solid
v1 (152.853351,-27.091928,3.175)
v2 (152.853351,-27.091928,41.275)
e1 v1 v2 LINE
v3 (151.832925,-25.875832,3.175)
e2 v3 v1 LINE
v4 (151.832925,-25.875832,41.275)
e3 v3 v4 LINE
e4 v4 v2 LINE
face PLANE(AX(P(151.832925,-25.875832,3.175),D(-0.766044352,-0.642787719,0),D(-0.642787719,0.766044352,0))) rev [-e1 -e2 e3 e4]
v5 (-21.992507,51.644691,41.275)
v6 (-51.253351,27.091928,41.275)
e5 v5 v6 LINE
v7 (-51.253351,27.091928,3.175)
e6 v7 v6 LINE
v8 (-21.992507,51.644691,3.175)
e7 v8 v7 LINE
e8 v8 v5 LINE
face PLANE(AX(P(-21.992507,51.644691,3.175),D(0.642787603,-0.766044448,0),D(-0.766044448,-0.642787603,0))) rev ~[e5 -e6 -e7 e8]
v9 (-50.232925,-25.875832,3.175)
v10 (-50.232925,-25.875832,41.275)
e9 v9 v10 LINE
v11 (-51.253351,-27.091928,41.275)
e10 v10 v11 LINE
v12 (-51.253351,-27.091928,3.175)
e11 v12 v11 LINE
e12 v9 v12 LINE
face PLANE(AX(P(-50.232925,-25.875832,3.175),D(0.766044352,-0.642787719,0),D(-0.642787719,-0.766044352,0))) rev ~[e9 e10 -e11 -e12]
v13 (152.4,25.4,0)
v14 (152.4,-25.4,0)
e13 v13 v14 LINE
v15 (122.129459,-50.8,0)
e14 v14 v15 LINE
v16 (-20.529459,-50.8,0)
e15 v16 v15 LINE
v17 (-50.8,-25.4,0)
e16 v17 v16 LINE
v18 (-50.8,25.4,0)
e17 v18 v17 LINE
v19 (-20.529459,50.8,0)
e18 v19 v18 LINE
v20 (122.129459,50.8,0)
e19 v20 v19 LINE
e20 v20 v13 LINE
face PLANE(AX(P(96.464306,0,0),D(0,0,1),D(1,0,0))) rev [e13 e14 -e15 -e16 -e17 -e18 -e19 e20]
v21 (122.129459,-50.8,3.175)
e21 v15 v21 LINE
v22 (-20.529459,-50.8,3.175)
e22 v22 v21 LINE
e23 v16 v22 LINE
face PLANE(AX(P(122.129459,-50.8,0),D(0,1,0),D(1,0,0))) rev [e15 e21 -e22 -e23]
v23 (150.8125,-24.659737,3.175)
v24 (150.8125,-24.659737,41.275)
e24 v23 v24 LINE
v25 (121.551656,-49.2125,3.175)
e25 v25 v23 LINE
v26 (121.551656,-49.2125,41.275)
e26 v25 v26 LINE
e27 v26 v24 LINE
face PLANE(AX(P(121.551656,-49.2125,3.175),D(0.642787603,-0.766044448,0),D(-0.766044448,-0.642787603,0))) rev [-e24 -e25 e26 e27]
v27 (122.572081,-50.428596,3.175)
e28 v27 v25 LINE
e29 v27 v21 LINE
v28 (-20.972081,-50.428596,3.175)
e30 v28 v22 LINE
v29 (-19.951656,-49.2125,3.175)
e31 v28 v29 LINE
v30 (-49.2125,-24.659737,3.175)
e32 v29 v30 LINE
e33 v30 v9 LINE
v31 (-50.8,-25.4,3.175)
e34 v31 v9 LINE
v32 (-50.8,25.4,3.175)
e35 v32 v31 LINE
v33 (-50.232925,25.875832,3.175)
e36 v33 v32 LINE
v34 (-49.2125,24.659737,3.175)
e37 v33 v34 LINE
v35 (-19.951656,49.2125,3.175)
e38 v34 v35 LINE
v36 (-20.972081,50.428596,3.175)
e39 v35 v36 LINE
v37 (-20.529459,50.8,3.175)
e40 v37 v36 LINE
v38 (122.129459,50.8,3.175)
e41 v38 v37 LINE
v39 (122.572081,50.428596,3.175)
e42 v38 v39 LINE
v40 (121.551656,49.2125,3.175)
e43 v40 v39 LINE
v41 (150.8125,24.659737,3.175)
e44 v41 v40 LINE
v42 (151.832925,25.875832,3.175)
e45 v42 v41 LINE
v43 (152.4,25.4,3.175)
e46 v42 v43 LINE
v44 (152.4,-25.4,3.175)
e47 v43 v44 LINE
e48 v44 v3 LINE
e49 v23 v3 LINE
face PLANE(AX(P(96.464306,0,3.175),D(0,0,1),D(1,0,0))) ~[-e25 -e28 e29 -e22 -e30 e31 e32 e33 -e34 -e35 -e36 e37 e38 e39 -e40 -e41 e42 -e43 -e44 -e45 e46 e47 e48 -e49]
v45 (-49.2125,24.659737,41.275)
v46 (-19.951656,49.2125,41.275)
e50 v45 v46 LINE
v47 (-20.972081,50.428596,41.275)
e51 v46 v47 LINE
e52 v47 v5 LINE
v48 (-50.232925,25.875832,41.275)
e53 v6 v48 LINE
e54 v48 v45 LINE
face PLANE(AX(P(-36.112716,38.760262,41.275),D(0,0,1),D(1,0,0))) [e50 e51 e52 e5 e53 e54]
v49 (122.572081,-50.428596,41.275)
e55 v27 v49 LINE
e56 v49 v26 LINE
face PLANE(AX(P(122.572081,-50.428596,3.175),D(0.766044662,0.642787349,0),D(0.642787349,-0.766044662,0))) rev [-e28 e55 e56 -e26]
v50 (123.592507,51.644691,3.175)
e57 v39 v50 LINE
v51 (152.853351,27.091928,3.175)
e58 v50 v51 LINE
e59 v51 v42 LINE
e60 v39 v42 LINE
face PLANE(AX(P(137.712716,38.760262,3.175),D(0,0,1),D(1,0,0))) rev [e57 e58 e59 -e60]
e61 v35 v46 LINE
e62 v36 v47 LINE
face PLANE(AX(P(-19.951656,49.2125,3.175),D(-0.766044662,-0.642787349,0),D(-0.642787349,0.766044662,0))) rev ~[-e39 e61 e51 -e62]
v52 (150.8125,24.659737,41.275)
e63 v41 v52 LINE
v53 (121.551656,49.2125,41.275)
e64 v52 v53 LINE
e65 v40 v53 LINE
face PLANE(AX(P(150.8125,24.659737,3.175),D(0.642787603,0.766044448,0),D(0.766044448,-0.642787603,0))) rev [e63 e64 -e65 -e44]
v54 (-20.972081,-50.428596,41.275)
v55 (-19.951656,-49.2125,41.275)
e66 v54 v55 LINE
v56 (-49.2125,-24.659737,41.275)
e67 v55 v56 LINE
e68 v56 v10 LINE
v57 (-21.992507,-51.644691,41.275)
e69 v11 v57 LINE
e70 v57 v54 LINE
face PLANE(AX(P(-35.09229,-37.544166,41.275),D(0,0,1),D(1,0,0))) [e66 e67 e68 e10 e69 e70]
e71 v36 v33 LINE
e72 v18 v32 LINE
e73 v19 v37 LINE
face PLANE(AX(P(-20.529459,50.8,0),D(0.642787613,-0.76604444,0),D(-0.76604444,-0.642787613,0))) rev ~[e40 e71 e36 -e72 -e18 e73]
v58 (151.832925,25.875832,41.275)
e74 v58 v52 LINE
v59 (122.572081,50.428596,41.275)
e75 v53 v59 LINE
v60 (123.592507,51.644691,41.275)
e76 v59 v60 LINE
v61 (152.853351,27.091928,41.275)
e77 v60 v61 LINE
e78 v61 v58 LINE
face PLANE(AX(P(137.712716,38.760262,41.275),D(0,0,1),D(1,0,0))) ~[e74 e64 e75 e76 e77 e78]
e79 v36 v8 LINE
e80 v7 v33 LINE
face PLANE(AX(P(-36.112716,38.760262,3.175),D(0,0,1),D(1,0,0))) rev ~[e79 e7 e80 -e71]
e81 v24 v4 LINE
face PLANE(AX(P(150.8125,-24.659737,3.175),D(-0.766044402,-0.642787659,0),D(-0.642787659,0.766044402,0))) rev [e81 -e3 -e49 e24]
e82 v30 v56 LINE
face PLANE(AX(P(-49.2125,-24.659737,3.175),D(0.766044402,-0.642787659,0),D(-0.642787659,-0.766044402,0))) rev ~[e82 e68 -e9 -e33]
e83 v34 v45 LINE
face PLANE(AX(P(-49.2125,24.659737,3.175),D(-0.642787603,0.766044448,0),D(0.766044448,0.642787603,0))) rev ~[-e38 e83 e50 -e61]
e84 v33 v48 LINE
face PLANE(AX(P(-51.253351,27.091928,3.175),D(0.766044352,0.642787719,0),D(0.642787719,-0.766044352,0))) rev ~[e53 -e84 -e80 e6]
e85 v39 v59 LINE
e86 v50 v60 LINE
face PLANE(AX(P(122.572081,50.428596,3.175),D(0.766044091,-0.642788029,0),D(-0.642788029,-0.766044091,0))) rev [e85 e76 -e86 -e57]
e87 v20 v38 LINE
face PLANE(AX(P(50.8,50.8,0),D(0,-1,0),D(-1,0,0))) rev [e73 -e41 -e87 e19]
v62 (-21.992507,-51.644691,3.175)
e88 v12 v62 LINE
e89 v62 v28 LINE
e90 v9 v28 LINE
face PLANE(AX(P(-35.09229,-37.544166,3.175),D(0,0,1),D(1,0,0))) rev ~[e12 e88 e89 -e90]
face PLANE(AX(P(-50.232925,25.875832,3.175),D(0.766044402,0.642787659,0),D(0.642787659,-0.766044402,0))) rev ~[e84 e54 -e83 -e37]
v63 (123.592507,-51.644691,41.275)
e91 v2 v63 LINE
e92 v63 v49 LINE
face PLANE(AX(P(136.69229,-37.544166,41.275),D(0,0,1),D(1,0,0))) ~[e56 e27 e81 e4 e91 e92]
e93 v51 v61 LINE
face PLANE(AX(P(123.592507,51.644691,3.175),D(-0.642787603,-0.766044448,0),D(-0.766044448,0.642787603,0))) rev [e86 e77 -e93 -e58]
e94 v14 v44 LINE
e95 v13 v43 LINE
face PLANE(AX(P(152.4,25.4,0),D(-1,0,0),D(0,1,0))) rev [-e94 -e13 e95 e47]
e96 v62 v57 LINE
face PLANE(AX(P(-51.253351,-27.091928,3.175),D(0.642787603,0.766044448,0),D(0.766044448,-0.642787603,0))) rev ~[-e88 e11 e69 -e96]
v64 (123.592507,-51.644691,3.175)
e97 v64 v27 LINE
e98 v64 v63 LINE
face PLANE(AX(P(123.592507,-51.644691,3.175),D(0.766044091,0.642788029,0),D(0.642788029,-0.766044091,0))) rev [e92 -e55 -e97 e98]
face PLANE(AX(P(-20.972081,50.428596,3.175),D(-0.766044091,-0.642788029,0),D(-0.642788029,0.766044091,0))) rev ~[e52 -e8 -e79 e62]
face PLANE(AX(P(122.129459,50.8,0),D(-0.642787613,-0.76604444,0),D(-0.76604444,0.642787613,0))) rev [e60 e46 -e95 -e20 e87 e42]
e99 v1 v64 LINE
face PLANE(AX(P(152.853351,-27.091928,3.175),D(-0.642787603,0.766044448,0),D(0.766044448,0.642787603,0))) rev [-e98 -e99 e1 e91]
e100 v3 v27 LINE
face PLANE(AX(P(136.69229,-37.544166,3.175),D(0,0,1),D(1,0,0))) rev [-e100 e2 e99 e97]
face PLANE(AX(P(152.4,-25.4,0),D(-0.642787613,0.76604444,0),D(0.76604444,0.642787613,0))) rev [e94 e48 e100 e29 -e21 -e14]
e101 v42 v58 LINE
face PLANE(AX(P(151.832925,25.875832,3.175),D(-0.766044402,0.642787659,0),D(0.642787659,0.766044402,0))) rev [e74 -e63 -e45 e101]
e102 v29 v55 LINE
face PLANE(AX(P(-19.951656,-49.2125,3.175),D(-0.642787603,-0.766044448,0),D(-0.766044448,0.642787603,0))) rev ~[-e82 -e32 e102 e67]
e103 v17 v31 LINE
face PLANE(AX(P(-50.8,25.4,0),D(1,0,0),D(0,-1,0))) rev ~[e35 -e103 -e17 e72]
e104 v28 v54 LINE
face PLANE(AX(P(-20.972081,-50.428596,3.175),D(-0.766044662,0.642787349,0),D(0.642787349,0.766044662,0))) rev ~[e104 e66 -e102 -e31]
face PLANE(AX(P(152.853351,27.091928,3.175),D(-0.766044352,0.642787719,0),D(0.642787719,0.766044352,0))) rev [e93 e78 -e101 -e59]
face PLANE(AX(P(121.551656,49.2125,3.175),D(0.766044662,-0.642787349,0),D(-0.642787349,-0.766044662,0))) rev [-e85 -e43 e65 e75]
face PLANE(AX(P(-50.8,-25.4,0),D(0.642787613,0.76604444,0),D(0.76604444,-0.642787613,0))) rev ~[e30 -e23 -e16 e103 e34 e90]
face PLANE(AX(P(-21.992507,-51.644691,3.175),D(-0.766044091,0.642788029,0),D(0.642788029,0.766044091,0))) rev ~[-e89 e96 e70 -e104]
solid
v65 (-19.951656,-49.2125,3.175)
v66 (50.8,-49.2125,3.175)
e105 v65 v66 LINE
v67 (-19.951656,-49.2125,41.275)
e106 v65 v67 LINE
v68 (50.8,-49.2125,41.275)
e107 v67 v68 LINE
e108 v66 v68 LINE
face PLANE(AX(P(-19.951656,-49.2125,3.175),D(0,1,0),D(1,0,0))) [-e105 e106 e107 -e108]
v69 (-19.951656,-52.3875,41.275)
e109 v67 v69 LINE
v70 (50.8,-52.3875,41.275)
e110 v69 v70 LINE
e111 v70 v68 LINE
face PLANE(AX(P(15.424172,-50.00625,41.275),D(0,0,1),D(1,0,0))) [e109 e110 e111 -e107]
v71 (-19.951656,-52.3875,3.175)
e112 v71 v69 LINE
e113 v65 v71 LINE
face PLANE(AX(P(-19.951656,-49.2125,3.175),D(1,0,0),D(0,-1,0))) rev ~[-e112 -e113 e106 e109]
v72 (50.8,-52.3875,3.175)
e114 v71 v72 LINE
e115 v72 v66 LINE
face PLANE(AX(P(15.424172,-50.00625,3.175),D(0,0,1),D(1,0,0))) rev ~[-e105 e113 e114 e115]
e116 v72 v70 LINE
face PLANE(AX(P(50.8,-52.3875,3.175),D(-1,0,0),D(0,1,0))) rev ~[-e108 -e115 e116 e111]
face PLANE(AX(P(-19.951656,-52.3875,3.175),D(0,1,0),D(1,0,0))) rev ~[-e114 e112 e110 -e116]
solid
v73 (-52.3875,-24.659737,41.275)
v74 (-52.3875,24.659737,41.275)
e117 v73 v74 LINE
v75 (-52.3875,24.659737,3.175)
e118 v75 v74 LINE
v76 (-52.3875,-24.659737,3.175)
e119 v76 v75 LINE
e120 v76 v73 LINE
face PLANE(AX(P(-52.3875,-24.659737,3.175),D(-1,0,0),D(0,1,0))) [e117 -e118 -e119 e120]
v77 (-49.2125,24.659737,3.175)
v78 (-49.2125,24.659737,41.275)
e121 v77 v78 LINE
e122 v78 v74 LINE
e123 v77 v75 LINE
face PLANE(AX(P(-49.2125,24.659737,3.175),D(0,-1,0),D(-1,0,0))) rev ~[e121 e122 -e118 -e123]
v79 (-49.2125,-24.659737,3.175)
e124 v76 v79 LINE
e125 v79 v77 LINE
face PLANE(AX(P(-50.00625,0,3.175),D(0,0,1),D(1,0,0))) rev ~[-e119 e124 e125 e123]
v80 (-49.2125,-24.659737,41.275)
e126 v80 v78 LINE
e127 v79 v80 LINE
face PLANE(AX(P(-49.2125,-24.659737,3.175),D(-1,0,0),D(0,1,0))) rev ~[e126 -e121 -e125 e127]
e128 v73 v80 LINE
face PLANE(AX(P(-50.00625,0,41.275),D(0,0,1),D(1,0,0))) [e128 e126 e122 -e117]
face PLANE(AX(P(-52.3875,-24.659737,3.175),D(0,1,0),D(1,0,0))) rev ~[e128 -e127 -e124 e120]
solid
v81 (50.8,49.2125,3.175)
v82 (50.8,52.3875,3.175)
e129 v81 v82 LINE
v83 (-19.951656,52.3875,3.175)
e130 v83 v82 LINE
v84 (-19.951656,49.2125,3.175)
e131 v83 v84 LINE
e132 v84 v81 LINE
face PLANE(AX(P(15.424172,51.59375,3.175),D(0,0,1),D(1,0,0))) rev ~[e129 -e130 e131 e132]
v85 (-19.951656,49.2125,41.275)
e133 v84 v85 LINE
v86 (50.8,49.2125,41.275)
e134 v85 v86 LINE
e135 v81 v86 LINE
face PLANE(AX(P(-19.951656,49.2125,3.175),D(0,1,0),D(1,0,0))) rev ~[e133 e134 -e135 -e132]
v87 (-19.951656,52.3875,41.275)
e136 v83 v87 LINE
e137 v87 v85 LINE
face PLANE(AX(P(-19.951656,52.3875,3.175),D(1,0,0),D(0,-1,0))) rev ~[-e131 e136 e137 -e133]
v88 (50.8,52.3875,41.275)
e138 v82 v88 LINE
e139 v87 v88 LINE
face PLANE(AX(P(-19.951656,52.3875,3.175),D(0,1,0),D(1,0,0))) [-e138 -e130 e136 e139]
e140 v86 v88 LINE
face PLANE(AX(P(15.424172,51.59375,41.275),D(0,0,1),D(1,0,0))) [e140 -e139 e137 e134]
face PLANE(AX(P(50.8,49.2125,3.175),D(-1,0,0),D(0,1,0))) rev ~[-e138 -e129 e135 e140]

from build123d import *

# Parameters (mm, degrees)
F1_DEPTH = 3.175
F3_DEPTH = 38.1
F2_W     = 1.5875
F2_H     = 49.319474
F2_W_2   = 70.751656
F2_H_2   = 1.5875
F5_DEPTH = 38.1


with BuildPart() as f1:
    # F0 (on Top) → F1 (new body)
    with BuildSketch(Plane.XY):
        Polygon((50.8, 50.8), (-20.529459, 50.8), (-50.8, 25.4), (-50.8, -25.4), (-20.529459, -50.8), (50.8, -50.8), align=None)
    extrude(amount=F1_DEPTH)

    # F2 (on face) → F3 (join)
    with BuildSketch(Plane.XY.offset(3.175)):
        Polygon((-19.951656, -49.2125), (-49.2125, -24.659737), (-50.232925, -25.875832), (-20.972081, -50.428596), align=None)
        Polygon((-20.972081, -50.428596), (-50.232925, -25.875832), (-51.253351, -27.091928), (-21.992507, -51.644691), align=None)
        Polygon((-50.232925, 25.875832), (-20.972081, 50.428596), (-21.992507, 51.644691), (-51.253351, 27.091928), align=None)
        Polygon((-49.2125, 24.659737), (-19.951656, 49.2125), (-20.972081, 50.428596), (-50.232925, 25.875832), align=None)
    extrude(amount=F3_DEPTH)

    # F4: F1 across face


with BuildPart() as f1_1:
    add(f1.part)
    add(f1.part.mirror(Plane(origin=(50.8, 0, 1.5875), x_dir=(0, 1, 0), z_dir=(1, 0, 0))))


with BuildPart() as f5:
    # F2 (on face) → F5 (new body)
    with BuildSketch(Plane.XY.offset(3.175)):
        with Locations((-50.00625, 0)):
            Rectangle(F2_W, F2_H)
        with Locations((-51.59375, 0)):
            Rectangle(F2_W, F2_H)
        with Locations((15.424172, 51.59375)):
            Rectangle(F2_W_2, F2_H_2)
        with Locations((15.424172, 50.00625)):
            Rectangle(F2_W_2, F2_H_2)
        with Locations((15.424172, -50.00625)):
            Rectangle(F2_W_2, F2_H_2)
        with Locations((15.424172, -51.59375)):
            Rectangle(F2_W_2, F2_H_2)
    extrude(amount=F5_DEPTH)


solid = Compound([f1_1.part, f5.part])
